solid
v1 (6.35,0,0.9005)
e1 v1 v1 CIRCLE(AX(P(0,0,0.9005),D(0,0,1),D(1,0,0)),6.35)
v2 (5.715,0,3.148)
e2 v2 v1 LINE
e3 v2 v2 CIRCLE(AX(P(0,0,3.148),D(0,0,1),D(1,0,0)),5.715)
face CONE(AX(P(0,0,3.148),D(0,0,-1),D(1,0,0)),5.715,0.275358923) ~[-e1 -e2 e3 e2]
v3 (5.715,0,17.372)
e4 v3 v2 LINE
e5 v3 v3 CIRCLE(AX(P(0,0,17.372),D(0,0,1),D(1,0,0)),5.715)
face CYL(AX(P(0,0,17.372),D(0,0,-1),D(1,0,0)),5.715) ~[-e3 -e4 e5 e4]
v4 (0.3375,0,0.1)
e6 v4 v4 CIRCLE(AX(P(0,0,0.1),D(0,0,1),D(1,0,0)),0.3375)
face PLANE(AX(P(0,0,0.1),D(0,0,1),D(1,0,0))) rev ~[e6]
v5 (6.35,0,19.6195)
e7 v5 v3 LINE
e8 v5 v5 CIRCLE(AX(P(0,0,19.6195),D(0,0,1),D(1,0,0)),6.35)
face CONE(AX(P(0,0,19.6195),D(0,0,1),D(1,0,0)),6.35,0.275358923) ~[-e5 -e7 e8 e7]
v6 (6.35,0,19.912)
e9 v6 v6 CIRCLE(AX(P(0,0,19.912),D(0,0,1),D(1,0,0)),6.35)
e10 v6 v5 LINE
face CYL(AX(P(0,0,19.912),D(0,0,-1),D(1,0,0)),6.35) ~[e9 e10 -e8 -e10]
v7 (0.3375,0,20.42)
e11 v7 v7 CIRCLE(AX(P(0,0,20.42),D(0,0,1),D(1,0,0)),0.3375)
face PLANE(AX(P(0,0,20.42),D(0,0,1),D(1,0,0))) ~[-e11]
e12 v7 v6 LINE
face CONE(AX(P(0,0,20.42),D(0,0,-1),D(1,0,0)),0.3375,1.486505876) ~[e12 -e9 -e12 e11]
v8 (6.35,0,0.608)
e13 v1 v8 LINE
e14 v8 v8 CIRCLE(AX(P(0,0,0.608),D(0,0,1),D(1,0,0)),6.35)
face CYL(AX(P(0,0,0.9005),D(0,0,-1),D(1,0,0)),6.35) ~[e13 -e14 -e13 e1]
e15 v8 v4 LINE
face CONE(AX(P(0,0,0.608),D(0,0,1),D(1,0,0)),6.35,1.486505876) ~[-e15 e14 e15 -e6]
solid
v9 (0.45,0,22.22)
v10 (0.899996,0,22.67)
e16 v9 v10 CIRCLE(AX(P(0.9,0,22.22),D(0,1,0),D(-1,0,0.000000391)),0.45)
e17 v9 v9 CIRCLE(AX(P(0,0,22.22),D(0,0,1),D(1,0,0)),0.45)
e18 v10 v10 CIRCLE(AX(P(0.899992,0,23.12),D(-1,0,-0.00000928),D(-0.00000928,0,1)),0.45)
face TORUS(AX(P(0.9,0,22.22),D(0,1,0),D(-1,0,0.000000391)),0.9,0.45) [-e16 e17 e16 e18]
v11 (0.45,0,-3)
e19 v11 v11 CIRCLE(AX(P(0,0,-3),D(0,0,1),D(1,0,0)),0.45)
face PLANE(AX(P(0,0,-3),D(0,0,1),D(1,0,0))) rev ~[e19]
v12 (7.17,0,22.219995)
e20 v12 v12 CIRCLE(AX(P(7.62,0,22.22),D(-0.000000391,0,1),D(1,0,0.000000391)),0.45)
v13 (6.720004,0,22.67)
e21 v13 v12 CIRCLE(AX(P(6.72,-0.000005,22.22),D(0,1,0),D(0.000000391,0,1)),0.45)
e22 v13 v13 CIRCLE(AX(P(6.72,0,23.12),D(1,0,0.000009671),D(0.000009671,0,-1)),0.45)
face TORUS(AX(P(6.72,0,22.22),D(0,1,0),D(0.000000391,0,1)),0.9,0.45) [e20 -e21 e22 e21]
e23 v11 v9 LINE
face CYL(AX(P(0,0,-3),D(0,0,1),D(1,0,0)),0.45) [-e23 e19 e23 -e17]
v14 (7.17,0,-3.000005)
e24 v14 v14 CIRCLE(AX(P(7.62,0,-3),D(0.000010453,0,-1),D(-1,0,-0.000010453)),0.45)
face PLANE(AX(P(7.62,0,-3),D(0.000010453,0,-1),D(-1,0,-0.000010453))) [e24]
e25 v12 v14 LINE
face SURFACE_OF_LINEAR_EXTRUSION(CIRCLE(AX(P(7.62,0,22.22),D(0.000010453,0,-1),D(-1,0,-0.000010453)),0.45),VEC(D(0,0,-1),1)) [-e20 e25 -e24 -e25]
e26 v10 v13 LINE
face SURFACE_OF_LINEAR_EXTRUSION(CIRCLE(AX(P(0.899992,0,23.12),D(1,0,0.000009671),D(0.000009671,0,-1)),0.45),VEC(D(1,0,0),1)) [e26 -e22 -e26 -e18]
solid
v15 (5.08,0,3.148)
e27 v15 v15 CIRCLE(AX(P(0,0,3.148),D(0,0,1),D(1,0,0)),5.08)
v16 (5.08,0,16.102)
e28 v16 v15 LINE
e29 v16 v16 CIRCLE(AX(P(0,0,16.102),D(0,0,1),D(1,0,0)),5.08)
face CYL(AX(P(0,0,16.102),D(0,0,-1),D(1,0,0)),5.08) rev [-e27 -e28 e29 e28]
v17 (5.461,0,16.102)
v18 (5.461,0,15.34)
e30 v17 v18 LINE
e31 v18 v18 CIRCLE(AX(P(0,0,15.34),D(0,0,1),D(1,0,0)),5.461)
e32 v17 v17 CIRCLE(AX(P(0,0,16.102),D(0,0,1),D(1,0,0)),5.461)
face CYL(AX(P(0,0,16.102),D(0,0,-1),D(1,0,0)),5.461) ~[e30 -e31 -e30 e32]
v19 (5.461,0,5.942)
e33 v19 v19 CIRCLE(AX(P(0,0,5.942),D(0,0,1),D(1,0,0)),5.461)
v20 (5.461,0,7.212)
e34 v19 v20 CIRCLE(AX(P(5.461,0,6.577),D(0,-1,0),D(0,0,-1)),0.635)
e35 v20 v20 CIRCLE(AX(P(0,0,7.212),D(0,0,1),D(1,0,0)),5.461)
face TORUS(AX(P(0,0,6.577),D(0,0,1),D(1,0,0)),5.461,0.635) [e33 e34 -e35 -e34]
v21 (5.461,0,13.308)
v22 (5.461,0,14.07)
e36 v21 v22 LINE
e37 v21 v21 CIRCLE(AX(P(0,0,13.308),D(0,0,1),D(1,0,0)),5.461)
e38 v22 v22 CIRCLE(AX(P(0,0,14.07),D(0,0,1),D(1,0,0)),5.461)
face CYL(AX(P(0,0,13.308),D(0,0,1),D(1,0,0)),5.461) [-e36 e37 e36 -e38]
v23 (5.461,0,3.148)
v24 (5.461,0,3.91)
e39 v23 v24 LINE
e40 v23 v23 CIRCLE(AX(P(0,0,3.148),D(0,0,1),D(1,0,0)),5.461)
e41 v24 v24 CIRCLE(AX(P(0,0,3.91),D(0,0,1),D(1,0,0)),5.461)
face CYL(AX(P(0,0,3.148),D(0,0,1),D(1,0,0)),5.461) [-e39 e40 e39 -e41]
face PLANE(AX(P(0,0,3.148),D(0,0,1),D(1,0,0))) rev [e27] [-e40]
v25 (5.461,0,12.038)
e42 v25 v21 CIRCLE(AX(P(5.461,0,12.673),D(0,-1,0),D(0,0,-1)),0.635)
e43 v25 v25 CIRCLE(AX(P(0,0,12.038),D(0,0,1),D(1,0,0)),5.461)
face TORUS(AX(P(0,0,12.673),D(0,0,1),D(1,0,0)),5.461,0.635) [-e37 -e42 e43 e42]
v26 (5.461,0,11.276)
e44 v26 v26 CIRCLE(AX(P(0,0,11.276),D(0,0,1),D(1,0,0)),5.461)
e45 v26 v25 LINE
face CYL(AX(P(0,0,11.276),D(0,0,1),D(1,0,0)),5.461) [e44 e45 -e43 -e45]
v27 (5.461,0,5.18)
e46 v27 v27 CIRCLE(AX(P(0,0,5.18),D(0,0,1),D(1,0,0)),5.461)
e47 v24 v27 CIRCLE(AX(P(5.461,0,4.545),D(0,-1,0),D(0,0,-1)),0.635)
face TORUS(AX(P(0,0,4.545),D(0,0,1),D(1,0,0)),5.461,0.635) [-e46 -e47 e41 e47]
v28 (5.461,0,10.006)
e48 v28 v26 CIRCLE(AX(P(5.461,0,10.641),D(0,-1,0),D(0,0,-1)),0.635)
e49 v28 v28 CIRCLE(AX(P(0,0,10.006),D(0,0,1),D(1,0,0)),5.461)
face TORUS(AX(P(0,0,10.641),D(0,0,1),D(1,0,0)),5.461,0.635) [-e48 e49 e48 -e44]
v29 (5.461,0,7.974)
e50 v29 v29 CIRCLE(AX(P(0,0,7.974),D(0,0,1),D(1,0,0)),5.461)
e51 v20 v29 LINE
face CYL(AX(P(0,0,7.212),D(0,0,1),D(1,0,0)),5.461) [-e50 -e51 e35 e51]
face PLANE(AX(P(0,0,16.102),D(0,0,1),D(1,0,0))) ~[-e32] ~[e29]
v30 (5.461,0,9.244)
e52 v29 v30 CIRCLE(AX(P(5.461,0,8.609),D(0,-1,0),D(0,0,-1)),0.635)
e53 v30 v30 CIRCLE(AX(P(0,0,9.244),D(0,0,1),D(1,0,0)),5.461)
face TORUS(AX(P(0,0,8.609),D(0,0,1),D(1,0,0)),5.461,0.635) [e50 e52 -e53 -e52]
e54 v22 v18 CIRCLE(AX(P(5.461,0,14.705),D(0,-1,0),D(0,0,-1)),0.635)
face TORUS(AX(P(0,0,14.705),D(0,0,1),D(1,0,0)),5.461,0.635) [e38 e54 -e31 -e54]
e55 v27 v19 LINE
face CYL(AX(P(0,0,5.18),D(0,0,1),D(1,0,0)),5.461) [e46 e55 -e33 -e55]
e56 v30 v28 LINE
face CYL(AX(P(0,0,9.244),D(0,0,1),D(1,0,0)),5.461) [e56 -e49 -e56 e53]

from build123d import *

# Parameters (mm, degrees)
SKETCH_R = 0.45


with BuildPart() as sweep_body:
    # Sweep: sweep along a path in Sketch001
    with BuildLine(Plane.XZ) as sweep_path:
        Line((0, -3), (0, 22.22))
        ThreePointArc((0, 22.22), (0.263601, 22.856393), (0.899992, 23.12))
        Line((0.899992, 23.12), (6.72, 23.12))
        ThreePointArc((6.72, 23.12), (7.356396, 22.856396), (7.62, 22.22))
        Line((7.62, 22.22), (7.62, -3))
    # Sketch → Sweep (sweep)
    with BuildSketch(Plane.XY.offset(-2)):
        Circle(SKETCH_R)
    sweep(path=sweep_path.line)


with BuildPart() as revolution:
    # Sketch002 → Revolution (revolve)
    with BuildSketch(Plane.XZ):
        Polygon((0, 0.1), (0, 20.42), (0.3375, 20.42), (6.35, 19.912), (6.35, 19.6195), (5.715, 17.372), (5.715, 3.148), (6.35, 0.9005), (6.35, 0.608), (0.3375, 0.1), align=None)
    revolve(axis=Axis((0, 0, 0), (0, 0, 1)))


with BuildPart() as revolution001:
    # Sketch003 → Revolution001 (revolve)
    with BuildSketch(Plane.XZ):
        with BuildLine():
            Line((5.08, 16.102), (5.08, 3.148))
            Line((5.08, 3.148), (5.461, 3.148))
            Line((5.461, 3.148), (5.461, 3.91))
            ThreePointArc((5.461, 3.91), (6.096, 4.545), (5.461, 5.18))
            Line((5.461, 5.18), (5.461, 5.942))
            ThreePointArc((5.461, 5.942), (6.096, 6.577), (5.461, 7.212))
            Line((5.461, 7.212), (5.461, 7.974))
            ThreePointArc((5.461, 7.974), (6.096, 8.609), (5.461, 9.244))
            Line((5.461, 9.244), (5.461, 10.006))
            ThreePointArc((5.461, 10.006), (6.096, 10.641), (5.461, 11.276))
            Line((5.461, 11.276), (5.461, 12.038))
            ThreePointArc((5.461, 12.038), (6.096, 12.673), (5.461, 13.308))
            Line((5.461, 13.308), (5.461, 14.07))
            ThreePointArc((5.461, 14.07), (6.096, 14.705), (5.461, 15.34))
            Line((5.461, 16.102), (5.461, 15.34))
            Line((5.08, 16.102), (5.461, 16.102))
        make_face()
    revolve(axis=Axis((0, 0, 0), (0, 0, 1)))


solid = Compound([sweep_body.part, revolution.part, revolution001.part])
